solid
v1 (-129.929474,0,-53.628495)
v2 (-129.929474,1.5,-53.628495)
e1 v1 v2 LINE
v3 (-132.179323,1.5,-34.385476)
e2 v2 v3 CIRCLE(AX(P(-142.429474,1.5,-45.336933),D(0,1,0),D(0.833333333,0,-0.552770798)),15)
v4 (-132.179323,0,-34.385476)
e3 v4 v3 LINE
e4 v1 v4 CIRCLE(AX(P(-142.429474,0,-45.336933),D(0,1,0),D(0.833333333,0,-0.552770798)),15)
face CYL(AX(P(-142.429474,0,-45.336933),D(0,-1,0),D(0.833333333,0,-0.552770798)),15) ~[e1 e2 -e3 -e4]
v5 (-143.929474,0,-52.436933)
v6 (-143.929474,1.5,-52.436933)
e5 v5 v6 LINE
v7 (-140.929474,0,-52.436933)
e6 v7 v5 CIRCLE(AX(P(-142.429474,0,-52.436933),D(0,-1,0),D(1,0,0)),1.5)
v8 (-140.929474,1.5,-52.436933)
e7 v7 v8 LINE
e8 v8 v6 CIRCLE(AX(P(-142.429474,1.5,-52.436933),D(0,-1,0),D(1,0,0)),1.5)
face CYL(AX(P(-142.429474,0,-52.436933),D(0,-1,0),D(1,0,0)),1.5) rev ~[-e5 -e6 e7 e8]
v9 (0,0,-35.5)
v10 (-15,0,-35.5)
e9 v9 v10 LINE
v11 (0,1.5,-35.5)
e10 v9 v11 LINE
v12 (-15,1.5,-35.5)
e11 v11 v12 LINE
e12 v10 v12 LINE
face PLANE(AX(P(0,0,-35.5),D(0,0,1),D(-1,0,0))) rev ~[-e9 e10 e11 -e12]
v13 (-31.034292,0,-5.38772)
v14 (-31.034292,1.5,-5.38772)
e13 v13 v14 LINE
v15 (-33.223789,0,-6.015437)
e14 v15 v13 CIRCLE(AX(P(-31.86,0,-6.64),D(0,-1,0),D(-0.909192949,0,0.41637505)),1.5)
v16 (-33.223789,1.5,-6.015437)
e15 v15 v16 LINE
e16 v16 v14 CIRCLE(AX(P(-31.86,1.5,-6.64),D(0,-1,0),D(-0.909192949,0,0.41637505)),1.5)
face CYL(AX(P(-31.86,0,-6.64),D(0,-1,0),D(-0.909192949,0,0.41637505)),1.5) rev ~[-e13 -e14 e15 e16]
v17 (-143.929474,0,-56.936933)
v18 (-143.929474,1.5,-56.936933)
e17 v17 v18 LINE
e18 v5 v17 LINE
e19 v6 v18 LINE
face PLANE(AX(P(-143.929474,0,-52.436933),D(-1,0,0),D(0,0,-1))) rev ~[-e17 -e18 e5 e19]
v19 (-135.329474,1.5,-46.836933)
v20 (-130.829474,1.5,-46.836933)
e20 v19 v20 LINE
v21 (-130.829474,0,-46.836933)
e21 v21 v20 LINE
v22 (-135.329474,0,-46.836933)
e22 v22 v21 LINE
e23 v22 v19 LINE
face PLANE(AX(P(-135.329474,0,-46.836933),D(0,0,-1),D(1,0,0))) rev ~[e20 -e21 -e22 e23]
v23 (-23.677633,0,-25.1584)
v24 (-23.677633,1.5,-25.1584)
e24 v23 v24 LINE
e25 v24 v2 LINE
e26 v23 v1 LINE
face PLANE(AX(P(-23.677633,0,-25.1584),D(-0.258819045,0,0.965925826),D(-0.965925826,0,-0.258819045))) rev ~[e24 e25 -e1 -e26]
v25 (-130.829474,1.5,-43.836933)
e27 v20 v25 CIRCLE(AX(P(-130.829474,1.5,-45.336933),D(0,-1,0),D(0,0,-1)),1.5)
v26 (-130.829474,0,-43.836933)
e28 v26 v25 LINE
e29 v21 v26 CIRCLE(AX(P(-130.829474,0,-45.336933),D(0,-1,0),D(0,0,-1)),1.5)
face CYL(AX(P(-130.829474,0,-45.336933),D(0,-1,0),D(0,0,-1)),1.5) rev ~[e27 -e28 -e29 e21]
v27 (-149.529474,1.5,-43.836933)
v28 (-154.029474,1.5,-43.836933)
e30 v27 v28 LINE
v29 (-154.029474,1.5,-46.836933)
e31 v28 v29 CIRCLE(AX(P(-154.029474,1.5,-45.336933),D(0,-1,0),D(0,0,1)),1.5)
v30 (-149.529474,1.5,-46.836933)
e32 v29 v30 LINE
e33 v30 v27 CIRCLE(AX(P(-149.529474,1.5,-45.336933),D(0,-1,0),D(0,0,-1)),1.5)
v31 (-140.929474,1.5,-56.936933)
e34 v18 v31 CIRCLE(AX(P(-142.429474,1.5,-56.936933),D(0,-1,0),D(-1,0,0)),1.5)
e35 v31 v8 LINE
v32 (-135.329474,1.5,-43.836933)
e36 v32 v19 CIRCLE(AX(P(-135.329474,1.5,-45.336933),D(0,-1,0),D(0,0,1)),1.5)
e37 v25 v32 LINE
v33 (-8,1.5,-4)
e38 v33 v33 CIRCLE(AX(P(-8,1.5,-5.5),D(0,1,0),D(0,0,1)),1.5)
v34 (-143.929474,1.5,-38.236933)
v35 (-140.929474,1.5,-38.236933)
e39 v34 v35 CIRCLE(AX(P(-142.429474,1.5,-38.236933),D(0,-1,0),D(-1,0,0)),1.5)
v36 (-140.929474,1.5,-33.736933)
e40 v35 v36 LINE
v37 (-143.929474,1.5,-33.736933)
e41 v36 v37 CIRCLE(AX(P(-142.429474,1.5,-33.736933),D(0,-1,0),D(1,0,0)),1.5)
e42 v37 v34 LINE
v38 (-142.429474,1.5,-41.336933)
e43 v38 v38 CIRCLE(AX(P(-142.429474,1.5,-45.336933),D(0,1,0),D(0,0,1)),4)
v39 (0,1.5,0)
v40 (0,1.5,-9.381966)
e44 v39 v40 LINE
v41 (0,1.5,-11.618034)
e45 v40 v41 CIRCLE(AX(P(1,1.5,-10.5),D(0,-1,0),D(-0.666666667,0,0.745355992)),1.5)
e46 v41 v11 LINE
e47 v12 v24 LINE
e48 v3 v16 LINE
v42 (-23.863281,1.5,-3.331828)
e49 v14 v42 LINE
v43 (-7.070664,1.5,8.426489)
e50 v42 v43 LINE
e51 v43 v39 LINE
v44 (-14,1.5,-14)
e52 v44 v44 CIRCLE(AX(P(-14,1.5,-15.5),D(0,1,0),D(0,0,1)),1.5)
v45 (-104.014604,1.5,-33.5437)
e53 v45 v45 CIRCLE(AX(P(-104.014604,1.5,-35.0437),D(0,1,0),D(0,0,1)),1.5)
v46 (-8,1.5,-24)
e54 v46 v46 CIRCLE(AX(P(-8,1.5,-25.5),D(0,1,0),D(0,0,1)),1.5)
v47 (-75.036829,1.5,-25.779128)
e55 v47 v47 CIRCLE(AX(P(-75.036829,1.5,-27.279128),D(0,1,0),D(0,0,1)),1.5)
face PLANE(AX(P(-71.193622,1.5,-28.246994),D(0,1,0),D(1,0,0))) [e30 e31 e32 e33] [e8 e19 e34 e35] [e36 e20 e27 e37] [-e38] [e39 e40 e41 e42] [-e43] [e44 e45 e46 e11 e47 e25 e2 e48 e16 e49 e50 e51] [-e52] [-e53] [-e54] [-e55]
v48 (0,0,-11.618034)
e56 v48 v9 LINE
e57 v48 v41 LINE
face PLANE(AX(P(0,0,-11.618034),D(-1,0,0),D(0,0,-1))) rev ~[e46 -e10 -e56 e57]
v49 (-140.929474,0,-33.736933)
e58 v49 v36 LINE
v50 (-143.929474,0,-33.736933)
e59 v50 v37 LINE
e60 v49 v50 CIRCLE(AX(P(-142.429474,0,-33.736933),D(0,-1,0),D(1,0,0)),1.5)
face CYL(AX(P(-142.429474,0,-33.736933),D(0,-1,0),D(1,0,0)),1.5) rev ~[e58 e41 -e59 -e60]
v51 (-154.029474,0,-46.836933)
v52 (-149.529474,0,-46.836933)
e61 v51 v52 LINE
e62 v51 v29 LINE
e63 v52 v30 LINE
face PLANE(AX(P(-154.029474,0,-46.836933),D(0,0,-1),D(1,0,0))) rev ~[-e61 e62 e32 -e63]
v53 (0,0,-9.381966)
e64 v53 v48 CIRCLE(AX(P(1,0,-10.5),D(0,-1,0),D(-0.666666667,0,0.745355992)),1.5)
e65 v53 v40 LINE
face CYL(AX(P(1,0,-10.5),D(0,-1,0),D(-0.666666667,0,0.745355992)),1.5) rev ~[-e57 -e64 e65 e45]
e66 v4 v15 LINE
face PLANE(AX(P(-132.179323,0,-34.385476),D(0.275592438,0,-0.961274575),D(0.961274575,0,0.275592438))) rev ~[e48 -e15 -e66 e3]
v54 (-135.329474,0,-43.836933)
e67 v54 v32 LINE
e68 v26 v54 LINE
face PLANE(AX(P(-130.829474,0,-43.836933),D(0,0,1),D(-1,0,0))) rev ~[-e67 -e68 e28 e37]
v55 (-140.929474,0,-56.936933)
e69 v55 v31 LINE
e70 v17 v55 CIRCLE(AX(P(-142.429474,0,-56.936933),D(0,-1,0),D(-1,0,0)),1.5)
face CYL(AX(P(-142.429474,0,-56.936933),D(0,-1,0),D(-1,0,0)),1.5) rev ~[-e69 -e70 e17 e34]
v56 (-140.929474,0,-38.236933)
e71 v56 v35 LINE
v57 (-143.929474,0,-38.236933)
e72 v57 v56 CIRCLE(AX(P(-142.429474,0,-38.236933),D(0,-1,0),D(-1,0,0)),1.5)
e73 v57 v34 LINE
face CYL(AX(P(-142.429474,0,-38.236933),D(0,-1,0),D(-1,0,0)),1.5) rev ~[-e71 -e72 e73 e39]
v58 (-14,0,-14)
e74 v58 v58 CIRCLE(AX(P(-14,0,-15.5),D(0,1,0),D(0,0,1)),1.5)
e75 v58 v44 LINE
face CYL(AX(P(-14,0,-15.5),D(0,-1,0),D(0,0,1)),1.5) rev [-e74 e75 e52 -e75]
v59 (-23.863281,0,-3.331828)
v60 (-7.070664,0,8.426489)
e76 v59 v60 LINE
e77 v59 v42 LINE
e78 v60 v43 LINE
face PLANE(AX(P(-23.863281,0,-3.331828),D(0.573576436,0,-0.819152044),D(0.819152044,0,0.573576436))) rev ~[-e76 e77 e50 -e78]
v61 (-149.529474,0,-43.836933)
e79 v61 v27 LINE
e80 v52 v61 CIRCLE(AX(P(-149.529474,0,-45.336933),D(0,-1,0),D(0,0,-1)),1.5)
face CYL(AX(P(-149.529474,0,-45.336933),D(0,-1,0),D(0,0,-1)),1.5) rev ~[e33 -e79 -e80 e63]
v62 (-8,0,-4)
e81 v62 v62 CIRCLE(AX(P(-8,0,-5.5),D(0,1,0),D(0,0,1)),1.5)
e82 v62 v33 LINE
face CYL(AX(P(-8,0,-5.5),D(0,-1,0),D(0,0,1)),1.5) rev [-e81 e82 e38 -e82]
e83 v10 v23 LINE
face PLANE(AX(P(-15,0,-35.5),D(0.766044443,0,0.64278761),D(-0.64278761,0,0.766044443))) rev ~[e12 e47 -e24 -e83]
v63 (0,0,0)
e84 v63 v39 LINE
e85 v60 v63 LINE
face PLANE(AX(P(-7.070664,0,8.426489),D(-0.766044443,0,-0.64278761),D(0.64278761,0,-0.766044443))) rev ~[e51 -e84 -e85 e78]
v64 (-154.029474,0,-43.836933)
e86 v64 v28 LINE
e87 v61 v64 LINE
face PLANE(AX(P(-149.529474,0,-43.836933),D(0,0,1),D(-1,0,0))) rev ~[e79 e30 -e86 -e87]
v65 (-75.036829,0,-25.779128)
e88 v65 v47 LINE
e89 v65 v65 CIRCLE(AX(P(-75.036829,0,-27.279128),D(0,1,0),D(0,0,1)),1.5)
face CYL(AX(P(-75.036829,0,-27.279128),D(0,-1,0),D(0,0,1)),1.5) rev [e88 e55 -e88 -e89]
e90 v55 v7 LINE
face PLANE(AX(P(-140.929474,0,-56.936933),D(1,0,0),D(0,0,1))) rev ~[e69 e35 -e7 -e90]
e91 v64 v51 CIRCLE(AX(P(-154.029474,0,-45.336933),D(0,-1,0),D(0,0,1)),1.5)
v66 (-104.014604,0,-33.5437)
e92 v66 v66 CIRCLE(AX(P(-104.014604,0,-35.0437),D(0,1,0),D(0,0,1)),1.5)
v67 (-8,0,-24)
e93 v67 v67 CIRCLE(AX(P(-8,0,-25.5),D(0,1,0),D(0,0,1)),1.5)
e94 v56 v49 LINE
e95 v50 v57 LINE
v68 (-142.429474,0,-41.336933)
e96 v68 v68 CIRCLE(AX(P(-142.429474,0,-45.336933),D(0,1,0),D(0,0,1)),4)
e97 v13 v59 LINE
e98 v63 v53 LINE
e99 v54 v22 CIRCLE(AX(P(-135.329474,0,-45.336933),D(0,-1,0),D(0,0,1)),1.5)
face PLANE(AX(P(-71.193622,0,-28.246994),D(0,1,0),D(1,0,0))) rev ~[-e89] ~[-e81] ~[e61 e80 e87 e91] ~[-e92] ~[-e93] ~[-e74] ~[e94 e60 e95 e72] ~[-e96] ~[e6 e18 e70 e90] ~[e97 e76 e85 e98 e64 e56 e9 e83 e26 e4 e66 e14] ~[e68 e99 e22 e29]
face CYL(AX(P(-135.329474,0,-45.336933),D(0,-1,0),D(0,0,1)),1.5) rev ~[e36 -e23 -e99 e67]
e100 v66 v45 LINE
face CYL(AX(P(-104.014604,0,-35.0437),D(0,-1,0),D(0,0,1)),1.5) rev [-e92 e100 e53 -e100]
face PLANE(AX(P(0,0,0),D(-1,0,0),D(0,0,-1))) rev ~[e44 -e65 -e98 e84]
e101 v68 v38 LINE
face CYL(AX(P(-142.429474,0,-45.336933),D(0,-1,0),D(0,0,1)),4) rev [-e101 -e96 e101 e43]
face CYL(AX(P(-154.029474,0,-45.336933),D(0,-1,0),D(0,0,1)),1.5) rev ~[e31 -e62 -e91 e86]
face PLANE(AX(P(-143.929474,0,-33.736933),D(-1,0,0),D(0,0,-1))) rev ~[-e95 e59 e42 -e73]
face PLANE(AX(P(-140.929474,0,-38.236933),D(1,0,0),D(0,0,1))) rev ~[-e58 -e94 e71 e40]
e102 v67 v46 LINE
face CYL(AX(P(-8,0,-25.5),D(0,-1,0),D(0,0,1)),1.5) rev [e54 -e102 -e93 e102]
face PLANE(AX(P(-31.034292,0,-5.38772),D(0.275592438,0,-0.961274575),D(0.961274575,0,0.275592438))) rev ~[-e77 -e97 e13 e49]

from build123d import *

# Parameters (mm, degrees)
SKETCH1_R           = 1.5
SKETCH1_R_2         = 4
BOSS_EXTRUDE1_DEPTH = 1.5


with BuildPart() as part:
    # Sketch1 → Boss-Extrude1 (new body)
    with BuildSketch(Plane(origin=(0, 0, 0), x_dir=(1, 0, 0), z_dir=(0, 1, 0))):
        with BuildLine():
            Line((-7.070663707, -8.426488874), (0, 0))
            Line((0, 0), (0, 9.381966011))
            ThreePointArc((0, 9.381966011), (-0.5, 10.5), (0, 11.618033989))
            Line((0, 11.618033989), (0, 35.5))
            Line((0, 35.5), (-15, 35.5))
            Line((-15, 35.5), (-23.677632731, 25.158400018))
            Line((-23.677632731, 25.158400018), (-129.929473623, 53.628494979))
            ThreePointArc((-129.929473623, 53.628494979), (-157.327989791, 47.078833109), (-132.17932297, 34.38547595))
            Line((-132.17932297, 34.38547595), (-33.223789423, 6.015437425))
            ThreePointArc((-33.223789423, 6.015437425), (-31.446611343, 8.081911862), (-31.03429168, 5.387719772))
            Line((-31.03429168, 5.387719772), (-23.863280614, 3.331828071))
            Line((-23.863280614, 3.331828071), (-7.070663707, -8.426488874))
        make_face()
        with Locations(Location((-8, 5.5, 0), (0, 0, 270))):
            Circle(SKETCH1_R, mode=Mode.SUBTRACT)
        with Locations(Location((-14, 15.5, 0), (0, 0, 270))):
            Circle(SKETCH1_R, mode=Mode.SUBTRACT)
        with Locations(Location((-8, 25.5, 0), (0, 0, 270))):
            Circle(SKETCH1_R, mode=Mode.SUBTRACT)
        with BuildLine():
            ThreePointArc((-143.929473623, 38.236933003), (-142.429473623, 39.736933003), (-140.929473623, 38.236933003))
            Line((-140.929473623, 38.236933003), (-140.929473623, 33.736933003))
            ThreePointArc((-140.929473623, 33.736933003), (-142.429473623, 32.236933003), (-143.929473623, 33.736933003))
            Line((-143.929473623, 33.736933003), (-143.929473623, 38.236933003))
        make_face(mode=Mode.SUBTRACT)
        with Locations(Location((-104.014603511, 35.04369958, 0), (0, 0, 270))):
            Circle(SKETCH1_R, mode=Mode.SUBTRACT)
        with BuildLine():
            ThreePointArc((-149.529473623, 46.836933003), (-148.029473623, 45.336933003), (-149.529473623, 43.836933003))
            Line((-149.529473623, 43.836933003), (-154.029473623, 43.836933003))
            ThreePointArc((-154.029473623, 43.836933003), (-155.529473623, 45.336933003), (-154.029473623, 46.836933003))
            Line((-154.029473623, 46.836933003), (-149.529473623, 46.836933003))
        make_face(mode=Mode.SUBTRACT)
        with Locations(Location((-142.429473623, 45.336933003, 0), (0, 0, 270))):
            Circle(SKETCH1_R_2, mode=Mode.SUBTRACT)
        with BuildLine():
            ThreePointArc((-135.329473623, 43.836933003), (-136.829473623, 45.336933003), (-135.329473623, 46.836933003))
            Line((-135.329473623, 46.836933003), (-130.829473623, 46.836933003))
            ThreePointArc((-130.829473623, 46.836933003), (-129.329473623, 45.336933003), (-130.829473623, 43.836933003))
            Line((-130.829473623, 43.836933003), (-135.329473623, 43.836933003))
        make_face(mode=Mode.SUBTRACT)
        with BuildLine():
            ThreePointArc((-140.929473623, 52.436933003), (-142.429473623, 50.936933003), (-143.929473623, 52.436933003))
            Line((-143.929473623, 52.436933003), (-143.929473623, 56.936933003))
            ThreePointArc((-143.929473623, 56.936933003), (-142.429473623, 58.436933003), (-140.929473623, 56.936933003))
            Line((-140.929473623, 56.936933003), (-140.929473623, 52.436933003))
        make_face(mode=Mode.SUBTRACT)
        with Locations(Location((-75.036828722, 27.279128226, 0), (0, 0, 270))):
            Circle(SKETCH1_R, mode=Mode.SUBTRACT)
    extrude(amount=BOSS_EXTRUDE1_DEPTH)


solid = part.part
